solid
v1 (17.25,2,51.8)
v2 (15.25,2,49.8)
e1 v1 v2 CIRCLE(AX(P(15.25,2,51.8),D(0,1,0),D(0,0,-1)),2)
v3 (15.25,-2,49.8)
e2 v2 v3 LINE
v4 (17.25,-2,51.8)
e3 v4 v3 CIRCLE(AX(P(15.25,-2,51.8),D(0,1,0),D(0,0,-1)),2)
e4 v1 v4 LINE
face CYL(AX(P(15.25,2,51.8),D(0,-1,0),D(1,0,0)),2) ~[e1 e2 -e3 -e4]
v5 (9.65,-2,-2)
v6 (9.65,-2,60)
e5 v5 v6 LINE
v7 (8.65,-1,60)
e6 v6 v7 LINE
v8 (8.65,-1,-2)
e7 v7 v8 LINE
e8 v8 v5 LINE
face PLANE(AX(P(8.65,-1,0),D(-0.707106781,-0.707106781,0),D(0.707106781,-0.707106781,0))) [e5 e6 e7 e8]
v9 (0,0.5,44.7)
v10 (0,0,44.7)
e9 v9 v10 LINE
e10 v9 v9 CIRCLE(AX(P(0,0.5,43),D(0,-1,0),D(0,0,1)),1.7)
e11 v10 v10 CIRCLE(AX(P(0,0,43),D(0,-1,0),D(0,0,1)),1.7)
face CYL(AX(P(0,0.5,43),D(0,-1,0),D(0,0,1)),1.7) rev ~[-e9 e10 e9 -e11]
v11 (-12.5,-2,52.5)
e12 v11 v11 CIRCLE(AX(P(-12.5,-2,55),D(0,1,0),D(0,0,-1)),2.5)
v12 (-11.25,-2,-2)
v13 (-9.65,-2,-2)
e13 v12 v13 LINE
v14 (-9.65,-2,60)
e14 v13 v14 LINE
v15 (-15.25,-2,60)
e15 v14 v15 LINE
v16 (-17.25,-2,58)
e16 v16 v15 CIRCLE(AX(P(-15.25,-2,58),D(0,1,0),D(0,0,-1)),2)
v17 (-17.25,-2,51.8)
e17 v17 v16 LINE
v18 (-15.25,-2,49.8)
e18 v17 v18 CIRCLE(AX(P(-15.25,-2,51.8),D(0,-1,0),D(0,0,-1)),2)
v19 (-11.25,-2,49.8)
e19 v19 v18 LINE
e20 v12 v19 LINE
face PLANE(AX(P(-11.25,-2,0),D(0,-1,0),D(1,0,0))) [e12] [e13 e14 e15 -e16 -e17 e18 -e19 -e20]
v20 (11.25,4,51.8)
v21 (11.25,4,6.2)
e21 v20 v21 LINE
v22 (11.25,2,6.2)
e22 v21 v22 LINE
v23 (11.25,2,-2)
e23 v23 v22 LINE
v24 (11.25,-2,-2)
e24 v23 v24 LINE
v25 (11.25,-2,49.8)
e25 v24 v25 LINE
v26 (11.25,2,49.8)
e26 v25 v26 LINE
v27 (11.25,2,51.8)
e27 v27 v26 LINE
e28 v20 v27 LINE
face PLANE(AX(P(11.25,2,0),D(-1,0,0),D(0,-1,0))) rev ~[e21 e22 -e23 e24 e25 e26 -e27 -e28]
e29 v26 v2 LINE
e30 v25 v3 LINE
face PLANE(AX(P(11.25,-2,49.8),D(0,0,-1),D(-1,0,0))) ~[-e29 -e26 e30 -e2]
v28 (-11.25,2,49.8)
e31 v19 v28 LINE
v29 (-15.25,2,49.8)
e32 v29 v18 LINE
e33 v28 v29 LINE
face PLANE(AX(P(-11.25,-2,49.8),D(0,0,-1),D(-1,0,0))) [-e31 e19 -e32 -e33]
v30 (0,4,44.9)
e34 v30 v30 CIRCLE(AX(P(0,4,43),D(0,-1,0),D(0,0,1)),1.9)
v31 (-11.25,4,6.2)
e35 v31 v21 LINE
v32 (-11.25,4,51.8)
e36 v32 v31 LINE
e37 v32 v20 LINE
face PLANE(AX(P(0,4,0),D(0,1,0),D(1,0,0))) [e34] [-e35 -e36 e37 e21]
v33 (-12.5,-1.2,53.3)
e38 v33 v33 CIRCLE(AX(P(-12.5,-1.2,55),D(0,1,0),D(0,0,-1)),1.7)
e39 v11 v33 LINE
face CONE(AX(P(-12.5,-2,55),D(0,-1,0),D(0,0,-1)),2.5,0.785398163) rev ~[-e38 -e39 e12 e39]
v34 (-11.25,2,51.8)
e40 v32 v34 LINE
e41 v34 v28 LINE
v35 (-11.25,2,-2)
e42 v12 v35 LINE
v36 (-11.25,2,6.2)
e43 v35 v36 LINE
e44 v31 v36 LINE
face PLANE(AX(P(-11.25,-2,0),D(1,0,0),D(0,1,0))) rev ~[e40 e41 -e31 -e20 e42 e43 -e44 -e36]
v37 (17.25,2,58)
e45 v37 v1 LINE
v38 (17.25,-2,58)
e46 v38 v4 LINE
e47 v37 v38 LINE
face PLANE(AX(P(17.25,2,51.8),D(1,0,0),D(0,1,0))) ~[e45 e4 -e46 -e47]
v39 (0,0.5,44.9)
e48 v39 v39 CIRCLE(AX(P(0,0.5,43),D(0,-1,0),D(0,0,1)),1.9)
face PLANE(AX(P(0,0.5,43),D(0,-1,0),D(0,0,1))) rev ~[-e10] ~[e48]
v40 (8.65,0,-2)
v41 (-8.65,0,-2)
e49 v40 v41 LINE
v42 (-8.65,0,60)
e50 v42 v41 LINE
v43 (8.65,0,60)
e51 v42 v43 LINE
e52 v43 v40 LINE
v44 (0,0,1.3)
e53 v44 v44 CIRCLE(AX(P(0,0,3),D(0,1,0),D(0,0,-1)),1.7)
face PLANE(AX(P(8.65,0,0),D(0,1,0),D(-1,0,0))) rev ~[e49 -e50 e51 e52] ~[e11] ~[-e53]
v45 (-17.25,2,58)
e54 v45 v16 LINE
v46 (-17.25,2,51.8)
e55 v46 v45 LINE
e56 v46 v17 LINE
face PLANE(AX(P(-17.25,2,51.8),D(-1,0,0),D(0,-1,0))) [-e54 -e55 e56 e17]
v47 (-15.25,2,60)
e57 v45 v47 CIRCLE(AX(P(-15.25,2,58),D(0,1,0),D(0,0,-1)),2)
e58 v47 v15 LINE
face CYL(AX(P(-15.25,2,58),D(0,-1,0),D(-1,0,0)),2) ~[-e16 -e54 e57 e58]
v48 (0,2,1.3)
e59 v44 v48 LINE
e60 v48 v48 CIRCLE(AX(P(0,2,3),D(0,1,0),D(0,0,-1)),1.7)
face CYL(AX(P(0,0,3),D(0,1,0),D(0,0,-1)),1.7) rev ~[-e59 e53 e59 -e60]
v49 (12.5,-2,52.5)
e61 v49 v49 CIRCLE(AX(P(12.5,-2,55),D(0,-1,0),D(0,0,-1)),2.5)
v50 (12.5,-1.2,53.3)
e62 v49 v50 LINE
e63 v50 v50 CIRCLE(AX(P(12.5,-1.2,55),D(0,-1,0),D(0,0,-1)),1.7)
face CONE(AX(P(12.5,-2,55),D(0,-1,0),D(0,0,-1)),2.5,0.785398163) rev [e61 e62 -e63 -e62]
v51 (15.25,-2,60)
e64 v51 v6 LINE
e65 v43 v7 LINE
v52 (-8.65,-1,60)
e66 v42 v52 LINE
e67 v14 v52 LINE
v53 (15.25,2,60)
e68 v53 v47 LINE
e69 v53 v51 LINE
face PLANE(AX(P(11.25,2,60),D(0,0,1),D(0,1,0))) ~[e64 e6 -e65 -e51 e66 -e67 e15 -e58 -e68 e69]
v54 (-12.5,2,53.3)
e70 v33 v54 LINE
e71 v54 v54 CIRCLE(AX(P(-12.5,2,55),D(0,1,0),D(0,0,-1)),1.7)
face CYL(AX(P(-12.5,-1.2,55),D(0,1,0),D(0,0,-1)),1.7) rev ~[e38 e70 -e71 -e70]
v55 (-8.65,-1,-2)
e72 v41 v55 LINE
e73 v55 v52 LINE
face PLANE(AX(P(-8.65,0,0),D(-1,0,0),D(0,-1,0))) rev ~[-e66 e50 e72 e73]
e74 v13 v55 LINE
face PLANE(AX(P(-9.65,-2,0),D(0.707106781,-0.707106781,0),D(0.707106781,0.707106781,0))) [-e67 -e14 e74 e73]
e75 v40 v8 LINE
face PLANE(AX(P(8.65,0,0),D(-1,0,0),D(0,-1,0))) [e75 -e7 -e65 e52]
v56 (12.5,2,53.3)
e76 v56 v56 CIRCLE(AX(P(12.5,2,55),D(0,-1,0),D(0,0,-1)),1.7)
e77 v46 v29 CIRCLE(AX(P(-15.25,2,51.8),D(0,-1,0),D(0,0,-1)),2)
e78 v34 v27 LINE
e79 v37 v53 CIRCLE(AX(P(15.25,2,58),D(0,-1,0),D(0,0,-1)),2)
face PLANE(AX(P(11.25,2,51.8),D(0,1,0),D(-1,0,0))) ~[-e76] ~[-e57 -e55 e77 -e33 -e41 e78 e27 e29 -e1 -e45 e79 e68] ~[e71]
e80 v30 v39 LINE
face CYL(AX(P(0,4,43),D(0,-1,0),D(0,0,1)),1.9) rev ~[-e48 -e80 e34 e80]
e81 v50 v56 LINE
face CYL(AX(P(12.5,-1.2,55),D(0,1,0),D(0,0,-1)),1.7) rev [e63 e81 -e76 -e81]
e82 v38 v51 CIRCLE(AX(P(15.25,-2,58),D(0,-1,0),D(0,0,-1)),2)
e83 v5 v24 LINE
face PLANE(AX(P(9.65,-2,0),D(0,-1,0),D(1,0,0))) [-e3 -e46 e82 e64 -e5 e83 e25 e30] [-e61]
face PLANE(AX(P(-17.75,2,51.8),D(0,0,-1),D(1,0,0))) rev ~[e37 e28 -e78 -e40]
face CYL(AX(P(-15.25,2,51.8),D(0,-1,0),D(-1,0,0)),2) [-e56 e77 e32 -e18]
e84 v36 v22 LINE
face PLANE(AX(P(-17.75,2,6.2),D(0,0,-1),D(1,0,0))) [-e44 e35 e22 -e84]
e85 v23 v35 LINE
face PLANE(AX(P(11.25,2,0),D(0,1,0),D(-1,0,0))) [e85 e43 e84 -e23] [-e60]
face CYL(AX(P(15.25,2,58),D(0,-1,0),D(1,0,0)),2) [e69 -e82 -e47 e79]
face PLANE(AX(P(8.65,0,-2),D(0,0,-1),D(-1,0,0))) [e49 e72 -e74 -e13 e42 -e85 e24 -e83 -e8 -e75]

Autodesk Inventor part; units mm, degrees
ref_plane "YZ Plane" through (0, 0, 0) normal (1, 0, 0) x (0, 1, 0)
ref_plane "XZ Plane" through (0, 0, 0) normal (0, 1, 0) x (-1, 0, 0)
ref_plane "XY Plane" through (0, 0, 0) normal (0, 0, 1) x (1, 0, 0)
sketch "Skizze1" plane through (0, 0, 0) normal (0, 1, 0) x (-1, 0, 0)
  line L0 (17.75, 60) -> (-17.75, 60)
  line L1 (-17.75, 60) -> (-17.75, 0)
  line L2 (-17.75, 0) -> (17.75, 0)
  line L3 (17.75, 0) -> (17.75, 60)
  point P0 (0, 0)
  point P1 (0, 0)
  dimension "d0" = 60
  dimension "d1" = 35.5
extrude "Extrusion1" add sketch "Skizze1" along normal blind 2
sketch "Skizze3" plane through (0, 2, 0) normal (0, 1, 0) x (1, 0, 0)
  line L0 (-17.75, 0) -> (-17.75, -60) projected
  line L1 (17.75, -60) -> (17.75, 0) projected
  line L2 (-17.75, -51.8) -> (17.75, -51.8)
  line L3 (17.75, -51.8) -> (17.75, -6.2)
  line L4 (-17.75, -6.2) -> (-17.75, -51.8)
  line L5 (17.75, 0) -> (-17.75, 0) projected
  line L6 (-17.75, -6.2) -> (17.75, -6.2)
  point P0 (0, 0)
  point P1 (17.75, -51.8)
  point P2 (0, 0)
  dimension "d71" = 51.8
  dimension "d75" = 6.2
extrude "Extrusion3" add sketch "Skizze3" along normal blind 2 contours L6 L1 L2 L0
sketch "Skizze6" plane through (0, 0, 0) normal (0, -1, 0) x (1, 0, 0)
  line L0 (-17.75, 60) -> (17.75, 60) projected
  line L1 (11.25, 60) -> (-11.25, 60)
  line L2 (-11.25, 60) -> (-11.25, 0)
  line L3 (-11.25, 0) -> (11.25, 0)
  line L4 (11.25, 0) -> (11.25, 60)
  line L5 (8.65, 60) -> (-8.65, 60)
  line L6 (-8.65, 60) -> (-8.65, 0)
  line L7 (-8.65, 0) -> (8.65, 0)
  line L8 (8.65, 0) -> (8.65, 60)
  line L9 (0, -15.6) -> (0, 72.6) projected
  line L10 (17.75, 0) -> (-17.75, 0) projected
  point P0 (0, 0)
  point P1 (0, 60)
  point P2 (0, -1)
  point P3 (0, 60)
  point P4 (0, 0)
  point P5 (8.65, 0)
  point P6 (-8.65, 0)
  dimension "d24" = 17.3
  dimension "d25" = 22.5
extrude "Extrusion6" add sketch "Skizze6" along normal blind 2 contours L0 L6 L3 L2 | L0 L4 L3 L8
sketch "Skizze7" plane through (0, -2, 0) normal (0, -1, 0) x (1, 0, 0)
  line L0 (17.75, 0) -> (11.25, 0)
  line L1 (11.25, 0) -> (11.25, 60)
  line L2 (11.25, 60) -> (17.75, 60)
  line L3 (17.75, 60) -> (17.75, 0)
  point P0 (0, 0)
  dimension "d31" = 6.5
extrude "Extrusion7" cut sketch "Skizze7" against normal through all
mirror "Spiegeln2" about plane through (0, 0, 0) normal (1, 0, 0) of "Extrusion7"
sketch "Skizze9" plane through (0, 0, 0) normal (0, -1, 0) x (1, 0, 0)
  line L0 (0, -12) -> (0, 72) projected
  line L1 (-11.25, 51.8) -> (-11.25, 60) projected
  line L2 (11.25, 6.2) -> (11.25, 0) projected
  line L3 (-11.25, 60) -> (11.25, 60) projected
  line L4 (11.25, 51.8) -> (-11.25, 51.8) projected
  line L5 (11.25, 60) -> (11.25, 51.8) projected
  line L6 (-11.25, 0) -> (-11.25, 6.2) projected
  line L7 (-11.25, 6.2) -> (11.25, 6.2) projected
  line L8 (11.25, 0) -> (-11.25, 0) projected
  point P0 (0, 0)
  point P1 (0, 3)
  point P2 (0, 0)
  dimension "d79" = 3
hole "Bohrung1" at (0, 0, 3) direction (0, 1, 0) diameter 3.4 depth 4 clearance for "Flachkopfmaschinenschraube" size "M3" standard "ANSI Metrisches M Profil"
sketch "Skizze10" plane through (0, 4, 0) normal (0, 1, 0) x (1, 0, 0)
  line L0 (0, 12) -> (0, -72) projected
  circle A0 centre (0, -3) radius 1.7 projected
  point P0 (0, 0)
  point P1 (0, -43)
  dimension "d46" = 40
hole "Bohrung2" at (0, 4, 43) direction (0, -1, 0) diameter 3.4 depth 4 counterbore diameter 3.8 counterbore depth 3.5
sketch "Skizze11" plane through (-11.25, 4, 9.2) normal (-1, 0, 0) x (0, 0, 1)
  line L0 (50.8, -6) -> (42.6, -6)
  line L1 (42.6, -6) -> (42.6, -2)
  line L2 (42.6, -2) -> (50.8, -2)
  line L3 (50.8, -2) -> (50.8, -6)
  point P0 (-9.2, -4)
  point P1 (42.6, -2)
extrude "Extrusion9" add sketch "Skizze11" along normal blind 6
sketch "Skizze12" plane through (0, -2, 0) normal (0, -1, 0) x (1, 0, 0)
  line L0 (-8.65, 60) -> (-17.25, 60) projected
  line L1 (-11.25, 51.8) -> (-11.25, 0) projected
  line L2 (-11.25, 51.8) -> (-17.25, 51.8) projected
  point P0 (0, 0)
  point P1 (-12.5, 55)
  point P2 (-11.25, 9.2)
  dimension "d80" = 1.25
  dimension "d81" = 3.2
hole "Bohrung3" at (-12.5, -2, 55) direction (0, 1, 0) diameter 3.4 depth 4 countersink diameter 5 countersink angle 90 clearance for "Flachkopfmaschinenschraube" size "M3" standard "ANSI Metrisches M Profil"
sketch "Skizze13" plane through (-11.25, -2, 51.8) normal (0, 0, -1) x (-1, 0, 0)
  line L0 (0, 0) -> (0, 4) projected
  line L1 (0, 0) -> (6, 0) projected
  line L2 (6, 4) -> (6, 0) projected
  line L3 (0, 4) -> (6, 4) projected
  point P0 (-11.25, 2)
extrude "Extrusion10" add sketch "Skizze13" along normal blind 2
fillet "Rundung1" radius 2 2 edges at (-17.25, 0, 60) (-17.25, 0, 49.8)
mirror "Spiegeln6" about plane through (0, 0, 0) normal (1, 0, 0) of "Extrusion9", "Bohrung3", "Extrusion10", "Rundung1"
chamfer "Fasen3" distance 1 angle 45 2 edges at (-8.65, -2, 30) (8.65, -2, 30)
sketch "Skizze14" plane through (8.65, 0, 0) normal (0, 0, -1) x (-1, 0, 0)
  line L0 (0, -1) -> (-1, -2) projected
  line L1 (0, 0) -> (0, -1) projected
  line L2 (0, 0) -> (17.3, 0) projected
  line L3 (17.3, 0) -> (17.3, -1) projected
  line L4 (18.3, -2) -> (17.3, -1) projected
  line L5 (19.9, -2) -> (18.3, -2) projected
  line L6 (19.9, -2) -> (19.9, 2) projected
  line L7 (-2.6, 2) -> (19.9, 2) projected
  line L8 (-2.6, 2) -> (-2.6, -2) projected
  line L9 (-1, -2) -> (-2.6, -2) projected
  point P0 (8.65, 0)
extrude "Extrusion11" add sketch "Skizze14" along normal blind 2
properties part number "Zwischenplatte"
